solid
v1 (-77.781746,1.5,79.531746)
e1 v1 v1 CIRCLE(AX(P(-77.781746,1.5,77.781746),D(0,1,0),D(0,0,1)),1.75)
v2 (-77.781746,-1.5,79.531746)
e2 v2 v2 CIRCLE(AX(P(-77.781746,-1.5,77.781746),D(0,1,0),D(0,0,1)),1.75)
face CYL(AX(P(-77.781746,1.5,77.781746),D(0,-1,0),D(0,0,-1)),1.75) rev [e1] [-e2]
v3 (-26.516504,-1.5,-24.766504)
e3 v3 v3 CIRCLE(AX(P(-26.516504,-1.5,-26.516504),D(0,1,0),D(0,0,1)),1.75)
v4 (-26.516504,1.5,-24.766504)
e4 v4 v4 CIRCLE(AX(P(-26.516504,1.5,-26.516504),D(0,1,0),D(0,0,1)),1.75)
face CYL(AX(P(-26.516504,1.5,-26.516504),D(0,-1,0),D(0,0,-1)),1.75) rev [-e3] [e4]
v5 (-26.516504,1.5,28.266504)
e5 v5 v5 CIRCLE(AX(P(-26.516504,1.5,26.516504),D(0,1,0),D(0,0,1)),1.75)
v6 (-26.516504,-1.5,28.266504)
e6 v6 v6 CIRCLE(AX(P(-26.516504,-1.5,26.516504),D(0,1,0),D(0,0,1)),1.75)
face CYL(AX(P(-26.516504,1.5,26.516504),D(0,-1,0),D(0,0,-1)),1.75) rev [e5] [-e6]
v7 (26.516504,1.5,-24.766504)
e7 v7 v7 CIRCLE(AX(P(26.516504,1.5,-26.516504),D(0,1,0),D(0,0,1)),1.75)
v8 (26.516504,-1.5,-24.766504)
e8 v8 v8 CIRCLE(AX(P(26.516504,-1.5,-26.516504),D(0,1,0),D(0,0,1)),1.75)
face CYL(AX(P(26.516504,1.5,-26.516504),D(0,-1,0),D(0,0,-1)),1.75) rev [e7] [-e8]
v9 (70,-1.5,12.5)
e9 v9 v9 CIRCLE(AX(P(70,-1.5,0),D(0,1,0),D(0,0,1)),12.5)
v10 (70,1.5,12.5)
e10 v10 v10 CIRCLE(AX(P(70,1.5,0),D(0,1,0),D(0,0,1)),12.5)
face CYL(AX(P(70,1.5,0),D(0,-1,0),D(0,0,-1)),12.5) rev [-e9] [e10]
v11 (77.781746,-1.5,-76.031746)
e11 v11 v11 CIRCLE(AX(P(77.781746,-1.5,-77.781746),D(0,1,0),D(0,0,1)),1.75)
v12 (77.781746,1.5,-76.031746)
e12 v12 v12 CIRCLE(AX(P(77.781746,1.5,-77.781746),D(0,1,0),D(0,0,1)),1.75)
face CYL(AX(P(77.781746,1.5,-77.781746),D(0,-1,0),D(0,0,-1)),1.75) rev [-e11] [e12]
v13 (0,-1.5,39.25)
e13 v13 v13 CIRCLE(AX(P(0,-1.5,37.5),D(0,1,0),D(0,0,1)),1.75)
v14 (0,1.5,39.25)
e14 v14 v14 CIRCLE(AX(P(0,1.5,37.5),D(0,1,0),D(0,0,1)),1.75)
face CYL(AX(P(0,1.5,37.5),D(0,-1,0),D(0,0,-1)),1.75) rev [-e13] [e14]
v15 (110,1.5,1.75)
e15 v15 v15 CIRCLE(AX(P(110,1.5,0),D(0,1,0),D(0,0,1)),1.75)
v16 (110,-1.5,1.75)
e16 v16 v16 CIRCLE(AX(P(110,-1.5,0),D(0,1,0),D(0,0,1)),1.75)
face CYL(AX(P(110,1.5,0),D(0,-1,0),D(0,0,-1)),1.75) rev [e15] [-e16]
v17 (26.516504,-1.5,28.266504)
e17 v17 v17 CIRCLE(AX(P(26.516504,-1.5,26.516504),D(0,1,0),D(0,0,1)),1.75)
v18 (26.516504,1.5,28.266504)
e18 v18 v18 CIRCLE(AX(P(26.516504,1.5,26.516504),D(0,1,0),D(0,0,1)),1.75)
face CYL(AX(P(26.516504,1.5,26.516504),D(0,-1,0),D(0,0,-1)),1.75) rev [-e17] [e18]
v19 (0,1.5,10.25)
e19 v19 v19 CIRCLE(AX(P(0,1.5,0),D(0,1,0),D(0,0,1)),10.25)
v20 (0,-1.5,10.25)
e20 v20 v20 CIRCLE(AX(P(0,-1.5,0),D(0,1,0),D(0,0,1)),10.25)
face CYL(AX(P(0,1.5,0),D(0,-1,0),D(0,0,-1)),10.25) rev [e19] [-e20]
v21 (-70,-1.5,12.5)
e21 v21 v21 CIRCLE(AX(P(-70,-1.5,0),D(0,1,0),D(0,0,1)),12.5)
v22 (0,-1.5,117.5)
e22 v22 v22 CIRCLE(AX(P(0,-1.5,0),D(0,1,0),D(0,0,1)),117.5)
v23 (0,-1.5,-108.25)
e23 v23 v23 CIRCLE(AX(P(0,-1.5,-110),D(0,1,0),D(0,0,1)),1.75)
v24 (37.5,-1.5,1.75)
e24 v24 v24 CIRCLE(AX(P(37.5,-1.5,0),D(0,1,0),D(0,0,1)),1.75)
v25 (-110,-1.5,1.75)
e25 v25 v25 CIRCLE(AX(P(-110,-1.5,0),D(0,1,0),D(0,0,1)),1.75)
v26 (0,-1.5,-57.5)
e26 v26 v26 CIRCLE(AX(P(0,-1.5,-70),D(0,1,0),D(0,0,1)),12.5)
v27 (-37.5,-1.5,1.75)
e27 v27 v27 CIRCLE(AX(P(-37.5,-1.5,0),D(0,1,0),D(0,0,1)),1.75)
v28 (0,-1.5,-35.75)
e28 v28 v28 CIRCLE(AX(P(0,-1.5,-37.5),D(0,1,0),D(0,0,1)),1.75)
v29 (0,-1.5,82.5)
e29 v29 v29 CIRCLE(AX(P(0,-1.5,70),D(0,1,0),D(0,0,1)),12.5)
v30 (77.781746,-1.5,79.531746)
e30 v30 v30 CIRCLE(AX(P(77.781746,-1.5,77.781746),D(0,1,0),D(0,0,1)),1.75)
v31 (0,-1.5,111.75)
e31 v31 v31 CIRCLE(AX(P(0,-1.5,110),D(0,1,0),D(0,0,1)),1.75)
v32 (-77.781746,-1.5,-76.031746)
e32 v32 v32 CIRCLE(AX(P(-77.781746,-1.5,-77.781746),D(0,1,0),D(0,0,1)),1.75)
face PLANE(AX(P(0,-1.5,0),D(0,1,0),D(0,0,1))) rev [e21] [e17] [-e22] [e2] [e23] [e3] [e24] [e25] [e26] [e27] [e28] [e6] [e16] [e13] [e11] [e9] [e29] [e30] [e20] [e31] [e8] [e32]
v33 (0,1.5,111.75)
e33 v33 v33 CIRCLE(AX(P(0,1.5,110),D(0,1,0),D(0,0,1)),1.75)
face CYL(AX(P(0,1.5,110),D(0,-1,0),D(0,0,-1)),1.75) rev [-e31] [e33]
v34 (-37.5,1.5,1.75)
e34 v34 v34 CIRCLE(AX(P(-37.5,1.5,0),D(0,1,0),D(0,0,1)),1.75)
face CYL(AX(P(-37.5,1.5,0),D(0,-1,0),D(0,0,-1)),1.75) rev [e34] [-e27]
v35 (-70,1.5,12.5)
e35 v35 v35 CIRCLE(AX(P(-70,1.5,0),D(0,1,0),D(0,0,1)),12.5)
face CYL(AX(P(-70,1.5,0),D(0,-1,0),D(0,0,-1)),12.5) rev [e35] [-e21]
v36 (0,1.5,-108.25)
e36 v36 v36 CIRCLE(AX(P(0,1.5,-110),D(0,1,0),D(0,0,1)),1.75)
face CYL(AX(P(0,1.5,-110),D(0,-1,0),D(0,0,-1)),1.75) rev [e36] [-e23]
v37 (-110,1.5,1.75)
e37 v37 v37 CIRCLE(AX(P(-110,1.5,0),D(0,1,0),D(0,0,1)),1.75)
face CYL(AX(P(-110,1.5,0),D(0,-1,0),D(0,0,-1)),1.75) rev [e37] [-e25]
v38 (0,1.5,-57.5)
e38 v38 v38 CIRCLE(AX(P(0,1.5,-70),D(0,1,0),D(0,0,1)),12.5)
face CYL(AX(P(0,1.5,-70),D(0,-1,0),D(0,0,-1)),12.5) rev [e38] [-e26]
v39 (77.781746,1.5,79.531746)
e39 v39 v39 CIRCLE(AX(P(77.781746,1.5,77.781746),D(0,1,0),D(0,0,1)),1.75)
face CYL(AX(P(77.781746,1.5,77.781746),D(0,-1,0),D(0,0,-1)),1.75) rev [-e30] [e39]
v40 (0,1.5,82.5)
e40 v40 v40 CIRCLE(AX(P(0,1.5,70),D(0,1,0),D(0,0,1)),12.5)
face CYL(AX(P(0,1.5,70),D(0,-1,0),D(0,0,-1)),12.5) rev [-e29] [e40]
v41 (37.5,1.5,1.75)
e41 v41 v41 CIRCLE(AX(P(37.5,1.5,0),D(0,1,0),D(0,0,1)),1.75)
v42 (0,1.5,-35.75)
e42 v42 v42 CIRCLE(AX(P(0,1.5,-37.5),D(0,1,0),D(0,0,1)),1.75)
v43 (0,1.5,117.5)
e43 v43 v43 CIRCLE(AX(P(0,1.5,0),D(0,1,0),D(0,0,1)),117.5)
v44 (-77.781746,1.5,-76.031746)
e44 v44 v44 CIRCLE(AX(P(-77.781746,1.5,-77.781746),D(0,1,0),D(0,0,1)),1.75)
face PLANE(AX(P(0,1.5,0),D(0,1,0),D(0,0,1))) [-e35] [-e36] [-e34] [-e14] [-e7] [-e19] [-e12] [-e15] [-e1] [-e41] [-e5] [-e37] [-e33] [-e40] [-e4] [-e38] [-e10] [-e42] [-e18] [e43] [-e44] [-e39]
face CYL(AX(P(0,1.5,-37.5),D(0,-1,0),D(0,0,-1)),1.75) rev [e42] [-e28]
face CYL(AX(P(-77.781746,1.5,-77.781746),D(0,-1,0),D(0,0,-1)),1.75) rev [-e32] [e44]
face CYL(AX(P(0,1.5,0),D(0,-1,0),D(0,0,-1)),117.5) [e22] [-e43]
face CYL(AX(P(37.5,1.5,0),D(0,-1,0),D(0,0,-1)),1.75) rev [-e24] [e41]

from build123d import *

# Parameters (mm, degrees)
SKETCH1_R           = 117.5
SKETCH1_R_2         = 10.25
SKETCH1_R_3         = 12.5
SKETCH1_R_4         = 1.75
BOSS_EXTRUDE1_DEPTH = 1.5


with BuildPart() as part:
    # Sketch1 → Boss-Extrude1 (new, symmetric)
    with BuildSketch(Plane(origin=(0, 0, 0), x_dir=(1, 0, 0), z_dir=(0, 1, 0))):
        with Locations(Location((0, 0, 0), (0, 0, 270))):
            Circle(SKETCH1_R)
        with Locations(Location((0, 0, 0), (0, 0, 270))):
            Circle(SKETCH1_R_2, mode=Mode.SUBTRACT)
        with Locations(Location((0, 70, 0), (0, 0, 270))):
            Circle(SKETCH1_R_3, mode=Mode.SUBTRACT)
        with Locations(Location((70, 0, 0), (0, 0, 270))):
            Circle(SKETCH1_R_3, mode=Mode.SUBTRACT)
        with Locations(Location((0, -70, 0), (0, 0, 270))):
            Circle(SKETCH1_R_3, mode=Mode.SUBTRACT)
        with Locations(Location((-70, 0, 0), (0, 0, 270))):
            Circle(SKETCH1_R_3, mode=Mode.SUBTRACT)
        with Locations(Location((0, 110, 0), (0, 0, 270))):
            Circle(SKETCH1_R_4, mode=Mode.SUBTRACT)
        with Locations(Location((77.781745931, 77.781745931, 0), (0, 0, 270))):
            Circle(SKETCH1_R_4, mode=Mode.SUBTRACT)
        with Locations(Location((110, 0, 0), (0, 0, 270))):
            Circle(SKETCH1_R_4, mode=Mode.SUBTRACT)
        with Locations(Location((77.781745931, -77.781745931, 0), (0, 0, 270))):
            Circle(SKETCH1_R_4, mode=Mode.SUBTRACT)
        with Locations(Location((0, -110, 0), (0, 0, 270))):
            Circle(SKETCH1_R_4, mode=Mode.SUBTRACT)
        with Locations(Location((-77.781745931, -77.781745931, 0), (0, 0, 270))):
            Circle(SKETCH1_R_4, mode=Mode.SUBTRACT)
        with Locations(Location((-110, 0, 0), (0, 0, 270))):
            Circle(SKETCH1_R_4, mode=Mode.SUBTRACT)
        with Locations(Location((-77.781745931, 77.781745931, 0), (0, 0, 270))):
            Circle(SKETCH1_R_4, mode=Mode.SUBTRACT)
        with Locations(Location((0, 37.5, 0), (0, 0, 270))):
            Circle(SKETCH1_R_4, mode=Mode.SUBTRACT)
        with Locations(Location((26.516504294, 26.516504294, 0), (0, 0, 270))):
            Circle(SKETCH1_R_4, mode=Mode.SUBTRACT)
        with Locations(Location((37.5, 0, 0), (0, 0, 270))):
            Circle(SKETCH1_R_4, mode=Mode.SUBTRACT)
        with Locations(Location((26.516504294, -26.516504294, 0), (0, 0, 270))):
            Circle(SKETCH1_R_4, mode=Mode.SUBTRACT)
        with Locations(Location((0, -37.5, 0), (0, 0, 270))):
            Circle(SKETCH1_R_4, mode=Mode.SUBTRACT)
        with Locations(Location((-26.516504294, -26.516504294, 0), (0, 0, 270))):
            Circle(SKETCH1_R_4, mode=Mode.SUBTRACT)
        with Locations(Location((-37.5, 0, 0), (0, 0, 270))):
            Circle(SKETCH1_R_4, mode=Mode.SUBTRACT)
        with Locations(Location((-26.516504294, 26.516504294, 0), (0, 0, 270))):
            Circle(SKETCH1_R_4, mode=Mode.SUBTRACT)
    extrude(amount=BOSS_EXTRUDE1_DEPTH, both=True)


solid = part.part
